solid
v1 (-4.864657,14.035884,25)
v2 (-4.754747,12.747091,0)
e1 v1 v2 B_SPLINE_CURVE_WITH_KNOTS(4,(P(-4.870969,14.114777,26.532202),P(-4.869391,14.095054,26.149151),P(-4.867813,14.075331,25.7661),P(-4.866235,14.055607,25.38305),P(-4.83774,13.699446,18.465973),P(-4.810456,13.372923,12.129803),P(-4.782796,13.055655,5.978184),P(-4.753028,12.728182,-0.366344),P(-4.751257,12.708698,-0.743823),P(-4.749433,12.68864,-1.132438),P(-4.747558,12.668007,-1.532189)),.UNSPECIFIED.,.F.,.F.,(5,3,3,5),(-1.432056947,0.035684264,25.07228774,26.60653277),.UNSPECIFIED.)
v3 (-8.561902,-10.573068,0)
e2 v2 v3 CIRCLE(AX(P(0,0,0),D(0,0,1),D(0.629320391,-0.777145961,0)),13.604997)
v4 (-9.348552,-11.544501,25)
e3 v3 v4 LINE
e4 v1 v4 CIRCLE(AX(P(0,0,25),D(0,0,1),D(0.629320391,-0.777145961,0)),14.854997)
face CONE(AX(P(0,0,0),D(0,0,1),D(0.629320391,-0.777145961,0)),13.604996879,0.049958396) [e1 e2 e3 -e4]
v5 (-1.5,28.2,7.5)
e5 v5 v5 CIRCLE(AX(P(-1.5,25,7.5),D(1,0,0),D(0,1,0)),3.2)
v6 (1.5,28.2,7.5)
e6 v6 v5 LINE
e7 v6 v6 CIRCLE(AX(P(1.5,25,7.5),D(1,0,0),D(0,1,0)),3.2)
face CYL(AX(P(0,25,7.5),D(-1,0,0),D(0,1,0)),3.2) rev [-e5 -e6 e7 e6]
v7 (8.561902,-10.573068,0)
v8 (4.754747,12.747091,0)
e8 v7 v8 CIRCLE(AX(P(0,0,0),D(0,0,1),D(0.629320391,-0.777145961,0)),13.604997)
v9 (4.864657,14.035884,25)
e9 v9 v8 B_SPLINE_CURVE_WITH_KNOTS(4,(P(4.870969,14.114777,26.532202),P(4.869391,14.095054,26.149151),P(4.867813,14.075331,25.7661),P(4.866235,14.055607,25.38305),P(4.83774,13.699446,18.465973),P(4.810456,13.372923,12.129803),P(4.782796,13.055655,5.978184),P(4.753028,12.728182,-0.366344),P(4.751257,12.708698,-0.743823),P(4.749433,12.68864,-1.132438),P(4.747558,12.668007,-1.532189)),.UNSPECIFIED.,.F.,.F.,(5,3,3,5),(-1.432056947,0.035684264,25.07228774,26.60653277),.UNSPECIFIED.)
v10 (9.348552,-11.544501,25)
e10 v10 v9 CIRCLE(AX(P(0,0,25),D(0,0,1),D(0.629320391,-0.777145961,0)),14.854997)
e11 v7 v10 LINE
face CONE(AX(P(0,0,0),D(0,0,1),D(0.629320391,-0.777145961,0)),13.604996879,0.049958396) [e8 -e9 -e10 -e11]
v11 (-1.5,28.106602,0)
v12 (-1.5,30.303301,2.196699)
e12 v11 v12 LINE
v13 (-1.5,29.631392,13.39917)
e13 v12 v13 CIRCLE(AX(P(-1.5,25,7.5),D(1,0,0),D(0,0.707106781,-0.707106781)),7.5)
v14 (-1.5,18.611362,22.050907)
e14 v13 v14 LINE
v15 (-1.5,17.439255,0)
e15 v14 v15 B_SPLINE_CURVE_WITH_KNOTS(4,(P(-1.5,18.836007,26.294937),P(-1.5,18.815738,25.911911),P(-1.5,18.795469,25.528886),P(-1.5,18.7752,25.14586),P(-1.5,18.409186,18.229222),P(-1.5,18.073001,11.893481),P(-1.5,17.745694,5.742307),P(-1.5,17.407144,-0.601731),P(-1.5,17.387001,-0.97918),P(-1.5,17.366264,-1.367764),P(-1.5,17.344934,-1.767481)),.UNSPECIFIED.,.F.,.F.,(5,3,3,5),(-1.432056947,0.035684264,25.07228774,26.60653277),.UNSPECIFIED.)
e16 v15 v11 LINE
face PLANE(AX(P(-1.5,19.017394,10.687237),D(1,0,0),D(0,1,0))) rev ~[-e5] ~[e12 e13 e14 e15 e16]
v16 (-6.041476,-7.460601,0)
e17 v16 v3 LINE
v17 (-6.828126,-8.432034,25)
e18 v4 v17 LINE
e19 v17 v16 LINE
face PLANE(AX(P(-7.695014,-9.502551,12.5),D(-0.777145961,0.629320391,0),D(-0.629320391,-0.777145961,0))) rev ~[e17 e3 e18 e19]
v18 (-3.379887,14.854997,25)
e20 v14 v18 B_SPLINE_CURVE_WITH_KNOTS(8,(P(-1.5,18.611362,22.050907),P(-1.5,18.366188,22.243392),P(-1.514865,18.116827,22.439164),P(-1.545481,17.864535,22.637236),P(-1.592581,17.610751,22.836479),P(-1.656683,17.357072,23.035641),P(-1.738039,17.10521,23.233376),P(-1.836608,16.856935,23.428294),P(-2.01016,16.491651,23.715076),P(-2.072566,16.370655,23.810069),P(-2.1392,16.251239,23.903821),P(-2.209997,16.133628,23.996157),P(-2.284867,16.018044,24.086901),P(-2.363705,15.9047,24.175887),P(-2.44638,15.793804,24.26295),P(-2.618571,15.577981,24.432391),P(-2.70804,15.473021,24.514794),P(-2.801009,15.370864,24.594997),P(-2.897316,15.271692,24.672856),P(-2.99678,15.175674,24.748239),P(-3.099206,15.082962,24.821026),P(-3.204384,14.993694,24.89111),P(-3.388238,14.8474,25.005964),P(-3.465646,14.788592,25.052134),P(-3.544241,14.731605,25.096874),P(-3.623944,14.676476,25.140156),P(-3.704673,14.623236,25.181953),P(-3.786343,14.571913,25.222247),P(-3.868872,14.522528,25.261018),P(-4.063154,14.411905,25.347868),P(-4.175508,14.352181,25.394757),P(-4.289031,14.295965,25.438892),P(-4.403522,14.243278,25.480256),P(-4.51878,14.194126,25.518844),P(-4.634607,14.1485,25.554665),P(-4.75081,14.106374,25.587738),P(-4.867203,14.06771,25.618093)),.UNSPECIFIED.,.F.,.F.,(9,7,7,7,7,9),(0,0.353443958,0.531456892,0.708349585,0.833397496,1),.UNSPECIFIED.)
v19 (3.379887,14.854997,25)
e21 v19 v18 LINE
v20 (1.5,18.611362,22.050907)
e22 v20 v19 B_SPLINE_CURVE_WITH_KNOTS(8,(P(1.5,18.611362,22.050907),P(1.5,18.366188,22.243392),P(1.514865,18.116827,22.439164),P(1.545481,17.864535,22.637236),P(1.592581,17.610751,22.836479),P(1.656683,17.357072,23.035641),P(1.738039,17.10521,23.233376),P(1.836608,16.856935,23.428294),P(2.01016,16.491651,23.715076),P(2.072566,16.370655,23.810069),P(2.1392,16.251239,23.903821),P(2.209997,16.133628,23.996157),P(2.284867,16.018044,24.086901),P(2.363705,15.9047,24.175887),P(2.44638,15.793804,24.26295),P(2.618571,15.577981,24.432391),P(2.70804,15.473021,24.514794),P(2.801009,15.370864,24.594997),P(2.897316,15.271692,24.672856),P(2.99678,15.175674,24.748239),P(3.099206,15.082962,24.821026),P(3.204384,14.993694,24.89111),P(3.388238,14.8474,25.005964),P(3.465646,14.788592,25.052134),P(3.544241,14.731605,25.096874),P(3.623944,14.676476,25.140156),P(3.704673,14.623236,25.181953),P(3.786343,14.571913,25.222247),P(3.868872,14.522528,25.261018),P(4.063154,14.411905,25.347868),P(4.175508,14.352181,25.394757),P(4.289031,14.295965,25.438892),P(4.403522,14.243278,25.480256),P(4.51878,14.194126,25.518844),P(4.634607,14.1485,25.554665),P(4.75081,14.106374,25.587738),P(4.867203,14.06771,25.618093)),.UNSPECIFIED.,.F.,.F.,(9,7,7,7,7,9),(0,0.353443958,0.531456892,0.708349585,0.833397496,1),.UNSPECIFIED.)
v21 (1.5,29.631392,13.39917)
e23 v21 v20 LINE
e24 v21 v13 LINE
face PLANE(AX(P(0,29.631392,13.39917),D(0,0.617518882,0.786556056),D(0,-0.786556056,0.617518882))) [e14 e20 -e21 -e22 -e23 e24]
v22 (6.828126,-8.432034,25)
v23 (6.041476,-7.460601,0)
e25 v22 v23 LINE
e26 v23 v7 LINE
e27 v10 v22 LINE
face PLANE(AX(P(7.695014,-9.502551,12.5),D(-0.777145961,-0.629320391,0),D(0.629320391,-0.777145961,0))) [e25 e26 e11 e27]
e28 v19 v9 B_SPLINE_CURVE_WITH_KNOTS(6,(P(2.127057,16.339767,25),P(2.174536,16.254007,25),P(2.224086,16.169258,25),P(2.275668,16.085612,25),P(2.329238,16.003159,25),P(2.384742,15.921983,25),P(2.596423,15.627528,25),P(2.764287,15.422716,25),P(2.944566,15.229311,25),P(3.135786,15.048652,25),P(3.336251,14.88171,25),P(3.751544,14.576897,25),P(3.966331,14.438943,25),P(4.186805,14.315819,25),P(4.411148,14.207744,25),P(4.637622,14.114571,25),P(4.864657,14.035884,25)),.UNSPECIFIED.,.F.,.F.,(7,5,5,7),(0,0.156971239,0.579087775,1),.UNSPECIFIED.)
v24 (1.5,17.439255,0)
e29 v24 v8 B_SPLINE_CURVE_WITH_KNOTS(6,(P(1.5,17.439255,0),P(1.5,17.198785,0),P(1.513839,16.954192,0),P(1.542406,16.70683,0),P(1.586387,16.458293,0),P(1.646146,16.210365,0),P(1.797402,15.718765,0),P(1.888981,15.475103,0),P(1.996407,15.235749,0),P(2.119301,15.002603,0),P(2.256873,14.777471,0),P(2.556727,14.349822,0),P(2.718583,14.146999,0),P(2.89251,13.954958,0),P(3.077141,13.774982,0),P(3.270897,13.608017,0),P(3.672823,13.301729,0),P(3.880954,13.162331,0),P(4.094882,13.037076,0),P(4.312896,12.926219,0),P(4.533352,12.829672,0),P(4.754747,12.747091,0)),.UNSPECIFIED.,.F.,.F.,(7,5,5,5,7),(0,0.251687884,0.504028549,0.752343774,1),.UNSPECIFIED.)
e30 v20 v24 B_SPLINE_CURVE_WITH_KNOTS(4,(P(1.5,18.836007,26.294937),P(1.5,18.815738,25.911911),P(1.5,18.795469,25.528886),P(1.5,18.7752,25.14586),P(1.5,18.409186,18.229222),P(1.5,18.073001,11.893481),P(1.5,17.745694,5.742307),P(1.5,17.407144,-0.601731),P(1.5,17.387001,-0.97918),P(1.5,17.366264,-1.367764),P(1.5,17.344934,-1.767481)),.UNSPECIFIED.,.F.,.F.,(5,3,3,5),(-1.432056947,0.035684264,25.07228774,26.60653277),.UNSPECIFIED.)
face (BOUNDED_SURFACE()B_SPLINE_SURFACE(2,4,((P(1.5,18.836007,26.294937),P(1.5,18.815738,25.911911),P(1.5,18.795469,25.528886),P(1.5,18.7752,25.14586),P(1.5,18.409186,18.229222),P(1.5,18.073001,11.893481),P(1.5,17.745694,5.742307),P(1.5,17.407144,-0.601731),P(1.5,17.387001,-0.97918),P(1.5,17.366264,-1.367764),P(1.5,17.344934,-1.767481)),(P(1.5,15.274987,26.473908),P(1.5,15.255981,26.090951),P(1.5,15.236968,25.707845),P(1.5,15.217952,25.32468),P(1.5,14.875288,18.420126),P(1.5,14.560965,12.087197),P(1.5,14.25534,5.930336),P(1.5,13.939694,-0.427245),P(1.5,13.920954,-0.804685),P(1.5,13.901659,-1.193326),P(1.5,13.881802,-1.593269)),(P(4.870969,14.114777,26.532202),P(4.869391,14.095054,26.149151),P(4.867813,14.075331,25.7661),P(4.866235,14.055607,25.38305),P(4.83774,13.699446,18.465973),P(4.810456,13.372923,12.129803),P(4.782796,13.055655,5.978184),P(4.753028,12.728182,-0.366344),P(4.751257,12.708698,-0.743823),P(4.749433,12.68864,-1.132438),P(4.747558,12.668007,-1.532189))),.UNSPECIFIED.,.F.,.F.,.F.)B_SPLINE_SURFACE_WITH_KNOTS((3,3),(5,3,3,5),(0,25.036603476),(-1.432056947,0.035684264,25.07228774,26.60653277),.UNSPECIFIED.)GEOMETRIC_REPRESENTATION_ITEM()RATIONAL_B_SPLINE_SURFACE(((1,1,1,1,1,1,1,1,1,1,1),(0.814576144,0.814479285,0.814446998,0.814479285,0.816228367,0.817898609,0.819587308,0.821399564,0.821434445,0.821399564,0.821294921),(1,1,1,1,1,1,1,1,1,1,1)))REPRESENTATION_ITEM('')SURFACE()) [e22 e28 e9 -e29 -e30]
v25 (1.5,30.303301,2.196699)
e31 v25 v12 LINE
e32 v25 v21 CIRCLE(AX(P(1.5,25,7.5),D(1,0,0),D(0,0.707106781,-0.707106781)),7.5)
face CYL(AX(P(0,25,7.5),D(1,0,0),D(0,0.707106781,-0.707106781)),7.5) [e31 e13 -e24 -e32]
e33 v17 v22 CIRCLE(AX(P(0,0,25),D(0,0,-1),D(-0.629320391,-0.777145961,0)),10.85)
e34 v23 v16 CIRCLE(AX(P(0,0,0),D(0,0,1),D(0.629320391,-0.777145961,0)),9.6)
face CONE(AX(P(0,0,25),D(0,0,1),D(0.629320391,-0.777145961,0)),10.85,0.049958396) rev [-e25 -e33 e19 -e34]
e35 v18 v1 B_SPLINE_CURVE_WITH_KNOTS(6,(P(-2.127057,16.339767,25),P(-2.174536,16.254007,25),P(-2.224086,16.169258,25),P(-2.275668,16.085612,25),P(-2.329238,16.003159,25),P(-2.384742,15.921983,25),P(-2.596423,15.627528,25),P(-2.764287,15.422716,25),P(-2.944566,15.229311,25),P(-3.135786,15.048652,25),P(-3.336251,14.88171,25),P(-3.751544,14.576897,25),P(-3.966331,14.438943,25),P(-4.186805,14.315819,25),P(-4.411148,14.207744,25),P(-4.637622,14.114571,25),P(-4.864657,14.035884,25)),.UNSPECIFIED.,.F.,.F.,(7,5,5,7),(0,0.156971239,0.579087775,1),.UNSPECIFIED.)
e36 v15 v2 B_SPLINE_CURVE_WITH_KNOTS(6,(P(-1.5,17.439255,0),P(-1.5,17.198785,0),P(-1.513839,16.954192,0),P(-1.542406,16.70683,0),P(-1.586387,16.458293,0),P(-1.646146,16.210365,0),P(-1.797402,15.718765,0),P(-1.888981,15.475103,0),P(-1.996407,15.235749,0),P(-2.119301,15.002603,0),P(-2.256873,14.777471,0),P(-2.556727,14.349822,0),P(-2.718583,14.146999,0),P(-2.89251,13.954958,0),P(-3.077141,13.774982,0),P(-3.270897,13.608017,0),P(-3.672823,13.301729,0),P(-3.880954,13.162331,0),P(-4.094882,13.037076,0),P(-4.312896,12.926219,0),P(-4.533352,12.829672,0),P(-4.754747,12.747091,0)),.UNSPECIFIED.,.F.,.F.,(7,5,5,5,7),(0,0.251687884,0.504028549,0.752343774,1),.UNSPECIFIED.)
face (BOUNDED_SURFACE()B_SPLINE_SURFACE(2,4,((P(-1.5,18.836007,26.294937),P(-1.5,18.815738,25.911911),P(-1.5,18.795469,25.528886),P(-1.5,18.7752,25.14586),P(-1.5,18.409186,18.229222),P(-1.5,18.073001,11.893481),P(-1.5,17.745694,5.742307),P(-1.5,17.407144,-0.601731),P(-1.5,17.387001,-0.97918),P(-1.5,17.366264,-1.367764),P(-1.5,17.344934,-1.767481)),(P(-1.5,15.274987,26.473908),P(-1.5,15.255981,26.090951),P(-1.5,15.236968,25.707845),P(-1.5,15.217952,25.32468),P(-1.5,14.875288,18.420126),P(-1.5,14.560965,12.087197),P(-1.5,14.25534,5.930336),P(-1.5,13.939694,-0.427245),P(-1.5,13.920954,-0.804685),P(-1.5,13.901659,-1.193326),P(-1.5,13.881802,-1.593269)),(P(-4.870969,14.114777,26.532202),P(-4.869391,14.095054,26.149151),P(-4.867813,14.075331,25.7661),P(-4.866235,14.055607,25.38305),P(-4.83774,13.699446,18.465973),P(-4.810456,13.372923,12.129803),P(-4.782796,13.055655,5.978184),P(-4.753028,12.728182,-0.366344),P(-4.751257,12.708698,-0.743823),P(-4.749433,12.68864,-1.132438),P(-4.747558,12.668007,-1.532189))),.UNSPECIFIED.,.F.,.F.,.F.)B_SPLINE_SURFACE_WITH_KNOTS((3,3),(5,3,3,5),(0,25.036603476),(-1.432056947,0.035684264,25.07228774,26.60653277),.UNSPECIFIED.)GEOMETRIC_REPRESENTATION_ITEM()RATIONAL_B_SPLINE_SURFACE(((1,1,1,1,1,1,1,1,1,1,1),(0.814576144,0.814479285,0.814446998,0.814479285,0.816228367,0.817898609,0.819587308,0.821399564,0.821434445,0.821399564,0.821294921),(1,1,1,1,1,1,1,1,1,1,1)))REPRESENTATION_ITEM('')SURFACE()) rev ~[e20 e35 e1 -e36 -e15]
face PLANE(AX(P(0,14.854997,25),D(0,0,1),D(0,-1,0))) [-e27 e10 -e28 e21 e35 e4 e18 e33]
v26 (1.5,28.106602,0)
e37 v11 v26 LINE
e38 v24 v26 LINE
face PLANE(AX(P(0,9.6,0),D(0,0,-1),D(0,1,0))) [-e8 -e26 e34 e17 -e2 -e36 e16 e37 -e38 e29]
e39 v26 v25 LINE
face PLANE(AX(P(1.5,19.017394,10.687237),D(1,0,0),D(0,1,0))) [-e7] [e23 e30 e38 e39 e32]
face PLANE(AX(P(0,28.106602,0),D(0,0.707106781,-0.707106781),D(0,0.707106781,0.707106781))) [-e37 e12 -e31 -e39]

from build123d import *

# Parameters (mm, degrees)
F1_ANGLE_BACK = 141
F1_ANGLE      = 282
F2_R          = 3.2
F3_DEPTH      = 1.5
F4_R          = 5


with BuildPart() as f1:
    # F0 (on Right) → F1 (revolve)
    with BuildSketch(Plane.YZ, mode=Mode.PRIVATE) as f1_sk:
        Polygon((9.6, 0), (13.6049968789, 0), (14.8549968789, 25), (10.85, 25), align=None)
    revolve(f1_sk.sketch.rotate(Axis((0, 0, 12.5), (0, 0, 1)), -F1_ANGLE_BACK), axis=Axis((0, 0, 12.5), (0, 0, 1)), revolution_arc=F1_ANGLE)

    # F2 (on Right) → F3 (join, symmetric)
    with BuildSketch(Plane.YZ):
        with BuildLine():
            Line((14.8549968789, 25), (10.85, 25))
            Line((10.85, 25), (9.6, 0))
            Line((9.6, 0), (25, 0))
            Line((25, 0), (28.1066017178, 0))
            Line((28.1066017178, 0), (30.3033008589, 2.1966991411))
            ThreePointArc((30.3033008589, 2.1966991411), (32.4865458897, 7.9490330074), (29.6313916174, 13.3991704236))
            Line((29.6313916174, 13.3991704236), (14.8549968789, 25))
        make_face()
        with Locations((25, 7.5)):
            Circle(F2_R, mode=Mode.SUBTRACT)
    extrude(amount=F3_DEPTH, both=True)

    # F4 (call 1 of 2: OpenCascade refuses the feature's edges together)
    f4_edges = [f1.edges().sort_by_distance(p)[0] for p in [
        (1.5, 14.150717, 12.499992),
    ]]
    fillet(f4_edges, radius=F4_R)

    # F4#2 (call 2 of 2)
    f4_2_edges = [f1.edges().sort_by_distance(p)[0] for p in [
        (-1.5, 14.150717, 12.499992),
    ]]
    fillet(f4_2_edges, radius=F4_R)


solid = f1.part
